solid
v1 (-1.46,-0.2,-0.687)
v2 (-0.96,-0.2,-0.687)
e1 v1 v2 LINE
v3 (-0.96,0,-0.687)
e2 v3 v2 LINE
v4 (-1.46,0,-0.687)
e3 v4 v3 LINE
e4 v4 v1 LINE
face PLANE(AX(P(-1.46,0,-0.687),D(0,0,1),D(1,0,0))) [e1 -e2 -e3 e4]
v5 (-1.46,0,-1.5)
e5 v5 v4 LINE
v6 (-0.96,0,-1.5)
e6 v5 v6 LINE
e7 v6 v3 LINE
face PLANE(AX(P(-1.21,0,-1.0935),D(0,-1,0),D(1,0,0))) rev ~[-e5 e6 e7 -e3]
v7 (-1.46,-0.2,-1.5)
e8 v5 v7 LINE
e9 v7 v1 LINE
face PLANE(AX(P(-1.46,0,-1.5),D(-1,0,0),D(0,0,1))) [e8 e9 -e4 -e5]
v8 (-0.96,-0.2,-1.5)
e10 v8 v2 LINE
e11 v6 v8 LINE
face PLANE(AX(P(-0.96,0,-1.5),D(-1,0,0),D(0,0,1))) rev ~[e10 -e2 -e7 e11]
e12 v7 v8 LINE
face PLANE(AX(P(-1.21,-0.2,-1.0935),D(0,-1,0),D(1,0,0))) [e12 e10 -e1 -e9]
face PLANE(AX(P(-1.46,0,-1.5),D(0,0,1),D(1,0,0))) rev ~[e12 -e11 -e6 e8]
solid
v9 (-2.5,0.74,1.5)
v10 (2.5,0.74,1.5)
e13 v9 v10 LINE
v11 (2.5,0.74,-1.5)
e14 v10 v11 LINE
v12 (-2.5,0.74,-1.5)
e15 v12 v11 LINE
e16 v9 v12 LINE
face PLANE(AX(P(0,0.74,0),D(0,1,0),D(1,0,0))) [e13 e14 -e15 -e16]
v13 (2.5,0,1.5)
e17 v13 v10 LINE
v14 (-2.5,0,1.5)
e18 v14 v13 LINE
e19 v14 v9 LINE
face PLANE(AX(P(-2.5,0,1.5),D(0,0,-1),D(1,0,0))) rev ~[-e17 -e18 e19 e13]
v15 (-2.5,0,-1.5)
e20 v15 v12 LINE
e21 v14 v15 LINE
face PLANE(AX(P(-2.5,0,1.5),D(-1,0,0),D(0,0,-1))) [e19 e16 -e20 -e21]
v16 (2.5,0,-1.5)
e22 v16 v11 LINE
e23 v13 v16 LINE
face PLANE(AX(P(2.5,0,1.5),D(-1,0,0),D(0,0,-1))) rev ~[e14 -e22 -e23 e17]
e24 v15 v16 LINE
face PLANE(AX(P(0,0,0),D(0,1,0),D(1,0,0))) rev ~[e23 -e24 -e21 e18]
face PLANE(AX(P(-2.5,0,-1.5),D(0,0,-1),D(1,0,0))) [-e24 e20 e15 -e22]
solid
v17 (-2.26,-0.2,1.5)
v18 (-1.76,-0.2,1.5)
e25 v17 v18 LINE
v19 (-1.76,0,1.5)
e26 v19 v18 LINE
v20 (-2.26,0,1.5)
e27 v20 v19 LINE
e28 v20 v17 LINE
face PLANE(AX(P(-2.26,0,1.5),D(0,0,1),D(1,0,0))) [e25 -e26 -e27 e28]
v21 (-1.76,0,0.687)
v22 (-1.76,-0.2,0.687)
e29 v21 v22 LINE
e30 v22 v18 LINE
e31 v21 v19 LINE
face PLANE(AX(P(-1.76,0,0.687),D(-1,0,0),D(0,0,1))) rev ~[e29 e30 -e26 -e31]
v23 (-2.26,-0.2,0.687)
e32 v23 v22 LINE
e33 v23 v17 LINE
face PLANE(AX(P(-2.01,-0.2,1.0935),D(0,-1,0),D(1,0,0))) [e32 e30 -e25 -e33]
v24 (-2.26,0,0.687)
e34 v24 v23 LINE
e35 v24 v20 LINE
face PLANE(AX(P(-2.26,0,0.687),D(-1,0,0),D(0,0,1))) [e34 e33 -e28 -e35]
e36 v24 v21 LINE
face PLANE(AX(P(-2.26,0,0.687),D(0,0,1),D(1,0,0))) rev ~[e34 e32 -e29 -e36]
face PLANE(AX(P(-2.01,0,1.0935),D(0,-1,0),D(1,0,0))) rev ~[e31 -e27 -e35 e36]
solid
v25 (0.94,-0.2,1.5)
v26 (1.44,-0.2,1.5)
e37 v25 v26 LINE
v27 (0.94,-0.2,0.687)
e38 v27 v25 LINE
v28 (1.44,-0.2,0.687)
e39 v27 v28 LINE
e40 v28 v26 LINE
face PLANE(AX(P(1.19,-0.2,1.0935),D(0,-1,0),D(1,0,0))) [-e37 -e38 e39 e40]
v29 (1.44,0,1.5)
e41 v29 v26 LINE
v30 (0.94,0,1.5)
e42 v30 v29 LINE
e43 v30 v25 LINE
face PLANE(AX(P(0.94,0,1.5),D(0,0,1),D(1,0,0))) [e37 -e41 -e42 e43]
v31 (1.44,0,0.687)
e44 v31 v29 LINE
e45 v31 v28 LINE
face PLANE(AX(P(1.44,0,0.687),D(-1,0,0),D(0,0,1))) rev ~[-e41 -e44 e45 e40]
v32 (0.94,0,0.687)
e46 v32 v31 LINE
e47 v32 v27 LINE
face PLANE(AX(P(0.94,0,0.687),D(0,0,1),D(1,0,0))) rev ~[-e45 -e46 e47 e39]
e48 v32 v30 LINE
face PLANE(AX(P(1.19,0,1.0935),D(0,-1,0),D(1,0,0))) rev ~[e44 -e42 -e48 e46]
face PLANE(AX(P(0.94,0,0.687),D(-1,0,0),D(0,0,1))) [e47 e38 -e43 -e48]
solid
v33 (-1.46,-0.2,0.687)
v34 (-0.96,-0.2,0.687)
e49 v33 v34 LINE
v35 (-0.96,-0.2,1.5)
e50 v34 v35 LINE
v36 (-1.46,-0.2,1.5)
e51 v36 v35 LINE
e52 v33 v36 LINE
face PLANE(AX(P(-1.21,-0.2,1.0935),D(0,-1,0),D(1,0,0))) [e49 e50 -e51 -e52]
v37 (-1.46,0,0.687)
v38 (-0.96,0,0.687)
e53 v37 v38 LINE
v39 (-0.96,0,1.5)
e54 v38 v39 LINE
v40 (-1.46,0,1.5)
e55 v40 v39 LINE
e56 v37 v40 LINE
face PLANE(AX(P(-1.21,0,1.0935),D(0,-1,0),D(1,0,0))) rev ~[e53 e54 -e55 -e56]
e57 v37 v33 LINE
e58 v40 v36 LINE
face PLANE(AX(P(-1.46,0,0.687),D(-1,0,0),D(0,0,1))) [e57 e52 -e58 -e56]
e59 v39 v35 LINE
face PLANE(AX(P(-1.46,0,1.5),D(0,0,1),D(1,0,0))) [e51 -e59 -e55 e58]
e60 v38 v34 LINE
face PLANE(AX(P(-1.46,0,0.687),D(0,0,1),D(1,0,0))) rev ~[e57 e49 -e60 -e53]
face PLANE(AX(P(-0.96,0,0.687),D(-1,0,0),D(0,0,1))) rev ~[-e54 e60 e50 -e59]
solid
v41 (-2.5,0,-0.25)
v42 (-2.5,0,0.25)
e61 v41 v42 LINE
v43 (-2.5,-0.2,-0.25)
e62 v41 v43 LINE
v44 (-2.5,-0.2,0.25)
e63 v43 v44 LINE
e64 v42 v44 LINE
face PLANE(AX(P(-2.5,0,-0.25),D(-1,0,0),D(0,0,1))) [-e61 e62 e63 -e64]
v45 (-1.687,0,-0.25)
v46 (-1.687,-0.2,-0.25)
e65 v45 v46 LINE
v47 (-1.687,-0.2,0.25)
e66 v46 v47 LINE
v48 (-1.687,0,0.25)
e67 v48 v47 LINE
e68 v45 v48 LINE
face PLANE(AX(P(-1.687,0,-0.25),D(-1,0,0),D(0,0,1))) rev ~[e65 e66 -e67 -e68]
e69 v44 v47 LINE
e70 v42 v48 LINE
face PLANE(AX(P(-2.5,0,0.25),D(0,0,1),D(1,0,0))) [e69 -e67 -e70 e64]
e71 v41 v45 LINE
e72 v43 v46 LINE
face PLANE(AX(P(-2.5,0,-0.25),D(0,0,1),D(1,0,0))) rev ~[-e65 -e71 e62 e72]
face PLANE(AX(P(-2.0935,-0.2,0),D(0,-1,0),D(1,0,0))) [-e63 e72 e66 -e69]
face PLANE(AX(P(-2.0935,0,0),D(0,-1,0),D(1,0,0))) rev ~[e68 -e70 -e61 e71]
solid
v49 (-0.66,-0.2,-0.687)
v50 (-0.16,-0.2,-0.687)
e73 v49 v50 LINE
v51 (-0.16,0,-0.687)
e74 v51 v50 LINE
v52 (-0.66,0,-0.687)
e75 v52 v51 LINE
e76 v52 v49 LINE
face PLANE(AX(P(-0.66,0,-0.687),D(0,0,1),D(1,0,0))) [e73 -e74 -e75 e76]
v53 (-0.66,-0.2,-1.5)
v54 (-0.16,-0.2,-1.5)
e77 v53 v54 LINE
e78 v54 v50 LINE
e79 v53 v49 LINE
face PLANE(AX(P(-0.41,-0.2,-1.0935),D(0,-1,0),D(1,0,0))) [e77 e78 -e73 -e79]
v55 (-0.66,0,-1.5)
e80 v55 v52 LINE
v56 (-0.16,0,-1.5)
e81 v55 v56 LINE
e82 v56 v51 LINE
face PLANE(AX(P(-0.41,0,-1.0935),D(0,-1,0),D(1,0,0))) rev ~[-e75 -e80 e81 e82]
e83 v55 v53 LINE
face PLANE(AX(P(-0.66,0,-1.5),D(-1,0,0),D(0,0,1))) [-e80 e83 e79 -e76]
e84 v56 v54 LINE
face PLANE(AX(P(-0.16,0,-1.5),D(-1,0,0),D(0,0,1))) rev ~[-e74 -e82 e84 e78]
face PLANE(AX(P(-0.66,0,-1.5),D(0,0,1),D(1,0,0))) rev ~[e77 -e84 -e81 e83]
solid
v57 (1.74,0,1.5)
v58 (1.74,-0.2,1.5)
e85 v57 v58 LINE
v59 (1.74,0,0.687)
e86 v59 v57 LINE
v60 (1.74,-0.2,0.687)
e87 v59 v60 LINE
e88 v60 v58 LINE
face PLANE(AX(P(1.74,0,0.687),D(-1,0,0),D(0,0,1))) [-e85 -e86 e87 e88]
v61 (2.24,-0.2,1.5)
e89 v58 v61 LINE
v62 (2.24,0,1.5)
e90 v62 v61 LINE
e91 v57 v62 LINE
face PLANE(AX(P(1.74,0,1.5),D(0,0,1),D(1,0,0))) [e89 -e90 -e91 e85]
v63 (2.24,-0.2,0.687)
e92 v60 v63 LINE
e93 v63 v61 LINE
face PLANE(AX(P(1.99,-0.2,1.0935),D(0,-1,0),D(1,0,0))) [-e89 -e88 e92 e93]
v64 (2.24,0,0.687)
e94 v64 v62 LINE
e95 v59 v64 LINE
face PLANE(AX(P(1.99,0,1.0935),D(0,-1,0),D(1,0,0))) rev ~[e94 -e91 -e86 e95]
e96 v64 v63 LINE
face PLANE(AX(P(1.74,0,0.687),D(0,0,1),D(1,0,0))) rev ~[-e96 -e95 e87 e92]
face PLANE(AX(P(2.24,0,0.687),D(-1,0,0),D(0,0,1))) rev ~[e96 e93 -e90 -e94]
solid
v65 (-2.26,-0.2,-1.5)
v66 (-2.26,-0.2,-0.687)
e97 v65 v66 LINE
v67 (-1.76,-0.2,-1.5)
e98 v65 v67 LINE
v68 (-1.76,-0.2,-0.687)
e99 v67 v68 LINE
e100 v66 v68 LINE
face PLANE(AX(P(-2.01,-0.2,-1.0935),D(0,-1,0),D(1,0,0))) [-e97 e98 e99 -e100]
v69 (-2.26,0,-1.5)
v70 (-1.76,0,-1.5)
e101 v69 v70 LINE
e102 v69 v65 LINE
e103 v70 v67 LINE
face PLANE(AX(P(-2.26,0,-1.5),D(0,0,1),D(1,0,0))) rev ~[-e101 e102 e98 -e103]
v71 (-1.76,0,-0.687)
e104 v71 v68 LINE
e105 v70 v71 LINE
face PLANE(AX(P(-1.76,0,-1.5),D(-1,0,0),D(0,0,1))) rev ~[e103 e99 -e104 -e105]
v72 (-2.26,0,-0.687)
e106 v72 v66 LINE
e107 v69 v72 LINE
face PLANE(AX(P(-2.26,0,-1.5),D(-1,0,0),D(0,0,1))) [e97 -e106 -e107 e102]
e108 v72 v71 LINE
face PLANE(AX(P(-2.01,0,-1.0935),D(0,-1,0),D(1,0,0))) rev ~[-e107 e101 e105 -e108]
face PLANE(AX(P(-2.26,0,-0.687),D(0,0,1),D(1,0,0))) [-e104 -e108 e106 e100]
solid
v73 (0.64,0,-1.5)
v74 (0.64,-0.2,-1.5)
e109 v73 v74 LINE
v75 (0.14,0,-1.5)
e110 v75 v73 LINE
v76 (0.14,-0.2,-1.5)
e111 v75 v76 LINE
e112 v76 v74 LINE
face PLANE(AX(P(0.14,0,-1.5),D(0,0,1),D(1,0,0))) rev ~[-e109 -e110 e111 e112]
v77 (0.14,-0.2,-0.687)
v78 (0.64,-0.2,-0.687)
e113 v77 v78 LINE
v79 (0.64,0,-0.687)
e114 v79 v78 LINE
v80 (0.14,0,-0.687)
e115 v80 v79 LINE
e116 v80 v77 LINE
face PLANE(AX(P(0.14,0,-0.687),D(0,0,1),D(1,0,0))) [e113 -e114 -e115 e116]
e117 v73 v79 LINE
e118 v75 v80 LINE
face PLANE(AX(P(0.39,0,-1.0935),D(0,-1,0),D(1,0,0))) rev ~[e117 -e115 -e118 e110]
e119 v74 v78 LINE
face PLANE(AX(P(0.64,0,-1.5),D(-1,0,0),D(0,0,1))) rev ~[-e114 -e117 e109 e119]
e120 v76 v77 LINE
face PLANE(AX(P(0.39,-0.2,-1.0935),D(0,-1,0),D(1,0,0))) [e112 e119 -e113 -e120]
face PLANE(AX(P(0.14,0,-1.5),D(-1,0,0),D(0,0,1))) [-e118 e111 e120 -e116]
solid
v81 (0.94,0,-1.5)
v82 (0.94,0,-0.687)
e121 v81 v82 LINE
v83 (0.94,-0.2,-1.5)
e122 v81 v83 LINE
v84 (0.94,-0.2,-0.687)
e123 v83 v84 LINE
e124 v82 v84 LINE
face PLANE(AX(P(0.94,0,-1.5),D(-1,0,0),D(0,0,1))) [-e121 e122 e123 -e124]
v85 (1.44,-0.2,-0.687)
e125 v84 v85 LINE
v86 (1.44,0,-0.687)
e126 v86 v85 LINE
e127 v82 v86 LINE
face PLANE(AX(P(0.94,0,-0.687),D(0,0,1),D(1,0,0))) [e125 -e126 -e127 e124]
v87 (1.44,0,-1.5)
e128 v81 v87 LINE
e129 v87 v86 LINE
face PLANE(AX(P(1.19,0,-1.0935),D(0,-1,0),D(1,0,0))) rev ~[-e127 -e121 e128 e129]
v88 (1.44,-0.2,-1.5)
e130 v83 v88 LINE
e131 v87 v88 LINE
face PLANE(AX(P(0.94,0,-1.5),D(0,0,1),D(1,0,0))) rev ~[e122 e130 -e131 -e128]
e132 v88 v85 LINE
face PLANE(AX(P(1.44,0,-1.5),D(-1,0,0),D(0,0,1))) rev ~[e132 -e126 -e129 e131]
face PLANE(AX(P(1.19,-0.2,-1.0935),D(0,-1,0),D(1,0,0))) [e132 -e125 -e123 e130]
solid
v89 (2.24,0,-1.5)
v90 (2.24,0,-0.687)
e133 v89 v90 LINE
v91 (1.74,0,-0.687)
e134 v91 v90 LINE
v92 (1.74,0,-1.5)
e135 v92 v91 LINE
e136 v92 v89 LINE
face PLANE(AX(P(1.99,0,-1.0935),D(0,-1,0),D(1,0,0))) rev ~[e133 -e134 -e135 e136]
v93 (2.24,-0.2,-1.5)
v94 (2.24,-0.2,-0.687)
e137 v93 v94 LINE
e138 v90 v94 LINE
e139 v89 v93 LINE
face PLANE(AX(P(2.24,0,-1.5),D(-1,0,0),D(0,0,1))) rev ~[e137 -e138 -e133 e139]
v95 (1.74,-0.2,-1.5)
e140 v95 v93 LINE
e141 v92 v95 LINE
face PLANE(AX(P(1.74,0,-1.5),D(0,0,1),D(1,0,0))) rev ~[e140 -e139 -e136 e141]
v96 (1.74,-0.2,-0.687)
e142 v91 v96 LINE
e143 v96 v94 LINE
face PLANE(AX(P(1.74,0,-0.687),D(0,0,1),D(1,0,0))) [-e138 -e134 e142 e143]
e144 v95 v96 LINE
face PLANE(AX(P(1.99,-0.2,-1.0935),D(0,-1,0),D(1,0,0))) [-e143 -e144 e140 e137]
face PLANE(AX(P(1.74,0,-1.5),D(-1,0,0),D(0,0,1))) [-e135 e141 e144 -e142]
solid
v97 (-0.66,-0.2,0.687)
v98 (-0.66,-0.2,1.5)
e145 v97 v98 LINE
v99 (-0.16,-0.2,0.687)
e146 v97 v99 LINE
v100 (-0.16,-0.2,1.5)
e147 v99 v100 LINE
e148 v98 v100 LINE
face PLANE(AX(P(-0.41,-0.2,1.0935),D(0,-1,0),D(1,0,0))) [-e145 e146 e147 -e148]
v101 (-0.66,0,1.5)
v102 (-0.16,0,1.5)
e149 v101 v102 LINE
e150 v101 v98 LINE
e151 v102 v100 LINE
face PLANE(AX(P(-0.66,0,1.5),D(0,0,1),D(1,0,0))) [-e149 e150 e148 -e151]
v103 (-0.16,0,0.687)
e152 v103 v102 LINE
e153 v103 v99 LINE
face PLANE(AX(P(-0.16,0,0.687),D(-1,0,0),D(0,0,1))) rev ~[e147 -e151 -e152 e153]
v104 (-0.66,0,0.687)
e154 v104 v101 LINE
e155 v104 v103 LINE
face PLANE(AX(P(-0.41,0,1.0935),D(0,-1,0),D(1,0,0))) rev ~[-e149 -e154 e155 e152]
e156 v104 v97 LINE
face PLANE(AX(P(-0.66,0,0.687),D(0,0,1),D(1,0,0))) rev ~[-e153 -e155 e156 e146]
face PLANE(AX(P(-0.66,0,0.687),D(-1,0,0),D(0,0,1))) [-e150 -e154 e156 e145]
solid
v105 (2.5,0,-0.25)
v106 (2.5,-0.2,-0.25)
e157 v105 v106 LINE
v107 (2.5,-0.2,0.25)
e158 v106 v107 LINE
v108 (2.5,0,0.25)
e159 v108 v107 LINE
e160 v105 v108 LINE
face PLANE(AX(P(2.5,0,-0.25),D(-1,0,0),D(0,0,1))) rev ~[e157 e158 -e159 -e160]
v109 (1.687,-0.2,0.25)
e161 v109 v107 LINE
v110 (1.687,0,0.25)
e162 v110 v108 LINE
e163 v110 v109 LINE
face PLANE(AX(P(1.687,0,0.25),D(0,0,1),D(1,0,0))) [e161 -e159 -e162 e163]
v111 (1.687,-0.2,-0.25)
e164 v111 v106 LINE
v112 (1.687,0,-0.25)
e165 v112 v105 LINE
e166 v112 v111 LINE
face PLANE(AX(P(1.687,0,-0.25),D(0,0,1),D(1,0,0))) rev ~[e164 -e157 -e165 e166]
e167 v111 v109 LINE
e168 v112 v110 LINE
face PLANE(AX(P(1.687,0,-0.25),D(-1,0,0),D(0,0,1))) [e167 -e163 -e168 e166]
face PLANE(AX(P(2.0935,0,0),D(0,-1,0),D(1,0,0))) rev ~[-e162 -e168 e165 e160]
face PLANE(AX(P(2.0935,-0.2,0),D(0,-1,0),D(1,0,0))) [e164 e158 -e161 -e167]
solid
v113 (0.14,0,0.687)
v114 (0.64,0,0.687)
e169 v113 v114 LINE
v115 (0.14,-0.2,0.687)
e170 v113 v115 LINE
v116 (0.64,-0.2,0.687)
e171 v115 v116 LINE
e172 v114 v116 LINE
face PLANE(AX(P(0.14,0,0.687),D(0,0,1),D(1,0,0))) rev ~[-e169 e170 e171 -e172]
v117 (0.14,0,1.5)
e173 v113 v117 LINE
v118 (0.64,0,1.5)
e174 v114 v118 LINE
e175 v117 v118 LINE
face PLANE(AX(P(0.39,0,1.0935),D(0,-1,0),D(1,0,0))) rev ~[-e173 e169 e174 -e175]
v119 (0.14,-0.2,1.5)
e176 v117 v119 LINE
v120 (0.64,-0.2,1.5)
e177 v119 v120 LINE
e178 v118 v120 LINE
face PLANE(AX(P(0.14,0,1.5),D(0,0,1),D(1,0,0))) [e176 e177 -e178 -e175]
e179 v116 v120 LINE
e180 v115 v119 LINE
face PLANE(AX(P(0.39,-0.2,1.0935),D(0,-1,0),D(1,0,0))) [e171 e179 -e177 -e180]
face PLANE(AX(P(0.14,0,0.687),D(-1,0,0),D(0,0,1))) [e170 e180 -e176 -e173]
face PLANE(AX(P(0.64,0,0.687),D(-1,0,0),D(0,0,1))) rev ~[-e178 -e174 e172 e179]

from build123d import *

# Parameters (mm, degrees)
SKETCH1_W              = 5
SKETCH1_H              = 3
BOSS_EXTRUDE1_DEPTH    = 0.74
SKETCH2_W              = 0.813
SKETCH2_H              = 0.5
BOSS_EXTRUDE2_DEPTH    = 0.2
BOSS_EXTRUDE2_2_DEPTH  = 0.2
SKETCH2_W_2            = 0.5
SKETCH2_H_2            = 0.813
BOSS_EXTRUDE2_3_DEPTH  = 0.2
BOSS_EXTRUDE2_4_DEPTH  = 0.2
BOSS_EXTRUDE2_5_DEPTH  = 0.2
BOSS_EXTRUDE2_6_DEPTH  = 0.2
BOSS_EXTRUDE2_7_DEPTH  = 0.2
BOSS_EXTRUDE2_8_DEPTH  = 0.2
BOSS_EXTRUDE2_9_DEPTH  = 0.2
BOSS_EXTRUDE2_10_DEPTH = 0.2
BOSS_EXTRUDE2_11_DEPTH = 0.2
BOSS_EXTRUDE2_12_DEPTH = 0.2
BOSS_EXTRUDE2_13_DEPTH = 0.2
BOSS_EXTRUDE2_14_DEPTH = 0.2


with BuildPart() as part:
    # Sketch1 → Boss-Extrude1 (new body)
    with BuildSketch(Plane(origin=(0, 0, 0), x_dir=(1, 0, 0), z_dir=(0, 1, 0))):
        Rectangle(SKETCH1_W, SKETCH1_H)
    extrude(amount=BOSS_EXTRUDE1_DEPTH)


with BuildPart() as body_2:
    # Sketch2 → Boss-Extrude2 (new body)
    with BuildSketch(Plane.XZ):
        with Locations((2.0935, 0)):
            Rectangle(SKETCH2_W, SKETCH2_H)
    extrude(amount=BOSS_EXTRUDE2_DEPTH)


with BuildPart() as body_3:
    # Sketch2 → Boss-Extrude2 2 (new body)
    with BuildSketch(Plane.XZ):
        with Locations((-2.0935, 0)):
            Rectangle(SKETCH2_W, SKETCH2_H)
    extrude(amount=BOSS_EXTRUDE2_2_DEPTH)


with BuildPart() as body_4:
    # Sketch2 → Boss-Extrude2 3 (new body)
    with BuildSketch(Plane.XZ):
        with Locations((-2.01, 1.0935)):
            Rectangle(SKETCH2_W_2, SKETCH2_H_2)
    extrude(amount=BOSS_EXTRUDE2_3_DEPTH)


with BuildPart() as body_5:
    # Sketch2 → Boss-Extrude2 4 (new body)
    with BuildSketch(Plane.XZ):
        with Locations((-1.21, 1.0935)):
            Rectangle(SKETCH2_W_2, SKETCH2_H_2)
    extrude(amount=BOSS_EXTRUDE2_4_DEPTH)


with BuildPart() as body_6:
    # Sketch2 → Boss-Extrude2 5 (new body)
    with BuildSketch(Plane.XZ):
        with Locations((-0.41, 1.0935)):
            Rectangle(SKETCH2_W_2, SKETCH2_H_2)
    extrude(amount=BOSS_EXTRUDE2_5_DEPTH)


with BuildPart() as body_7:
    # Sketch2 → Boss-Extrude2 6 (new body)
    with BuildSketch(Plane.XZ):
        with Locations((0.39, 1.0935)):
            Rectangle(SKETCH2_W_2, SKETCH2_H_2)
    extrude(amount=BOSS_EXTRUDE2_6_DEPTH)


with BuildPart() as body_8:
    # Sketch2 → Boss-Extrude2 7 (new body)
    with BuildSketch(Plane.XZ):
        with Locations((1.19, 1.0935)):
            Rectangle(SKETCH2_W_2, SKETCH2_H_2)
    extrude(amount=BOSS_EXTRUDE2_7_DEPTH)


with BuildPart() as body_9:
    # Sketch2 → Boss-Extrude2 8 (new body)
    with BuildSketch(Plane.XZ):
        with Locations((1.99, 1.0935)):
            Rectangle(SKETCH2_W_2, SKETCH2_H_2)
    extrude(amount=BOSS_EXTRUDE2_8_DEPTH)


with BuildPart() as body_10:
    # Sketch2 → Boss-Extrude2 9 (new body)
    with BuildSketch(Plane.XZ):
        with Locations((1.99, -1.0935)):
            Rectangle(SKETCH2_W_2, SKETCH2_H_2)
    extrude(amount=BOSS_EXTRUDE2_9_DEPTH)


with BuildPart() as body_11:
    # Sketch2 → Boss-Extrude2 10 (new body)
    with BuildSketch(Plane.XZ):
        with Locations((1.19, -1.0935)):
            Rectangle(SKETCH2_W_2, SKETCH2_H_2)
    extrude(amount=BOSS_EXTRUDE2_10_DEPTH)


with BuildPart() as body_12:
    # Sketch2 → Boss-Extrude2 11 (new body)
    with BuildSketch(Plane.XZ):
        with Locations((0.39, -1.0935)):
            Rectangle(SKETCH2_W_2, SKETCH2_H_2)
    extrude(amount=BOSS_EXTRUDE2_11_DEPTH)


with BuildPart() as body_13:
    # Sketch2 → Boss-Extrude2 12 (new body)
    with BuildSketch(Plane.XZ):
        with Locations((-0.41, -1.0935)):
            Rectangle(SKETCH2_W_2, SKETCH2_H_2)
    extrude(amount=BOSS_EXTRUDE2_12_DEPTH)


with BuildPart() as body_14:
    # Sketch2 → Boss-Extrude2 13 (new body)
    with BuildSketch(Plane.XZ):
        with Locations((-1.21, -1.0935)):
            Rectangle(SKETCH2_W_2, SKETCH2_H_2)
    extrude(amount=BOSS_EXTRUDE2_13_DEPTH)


with BuildPart() as body_15:
    # Sketch2 → Boss-Extrude2 14 (new body)
    with BuildSketch(Plane.XZ):
        with Locations((-2.01, -1.0935)):
            Rectangle(SKETCH2_W_2, SKETCH2_H_2)
    extrude(amount=BOSS_EXTRUDE2_14_DEPTH)


solid = Compound([part.part, body_2.part, body_3.part, body_4.part, body_5.part, body_6.part, body_7.part, body_8.part, body_9.part, body_10.part, body_11.part, body_12.part, body_13.part, body_14.part, body_15.part])
